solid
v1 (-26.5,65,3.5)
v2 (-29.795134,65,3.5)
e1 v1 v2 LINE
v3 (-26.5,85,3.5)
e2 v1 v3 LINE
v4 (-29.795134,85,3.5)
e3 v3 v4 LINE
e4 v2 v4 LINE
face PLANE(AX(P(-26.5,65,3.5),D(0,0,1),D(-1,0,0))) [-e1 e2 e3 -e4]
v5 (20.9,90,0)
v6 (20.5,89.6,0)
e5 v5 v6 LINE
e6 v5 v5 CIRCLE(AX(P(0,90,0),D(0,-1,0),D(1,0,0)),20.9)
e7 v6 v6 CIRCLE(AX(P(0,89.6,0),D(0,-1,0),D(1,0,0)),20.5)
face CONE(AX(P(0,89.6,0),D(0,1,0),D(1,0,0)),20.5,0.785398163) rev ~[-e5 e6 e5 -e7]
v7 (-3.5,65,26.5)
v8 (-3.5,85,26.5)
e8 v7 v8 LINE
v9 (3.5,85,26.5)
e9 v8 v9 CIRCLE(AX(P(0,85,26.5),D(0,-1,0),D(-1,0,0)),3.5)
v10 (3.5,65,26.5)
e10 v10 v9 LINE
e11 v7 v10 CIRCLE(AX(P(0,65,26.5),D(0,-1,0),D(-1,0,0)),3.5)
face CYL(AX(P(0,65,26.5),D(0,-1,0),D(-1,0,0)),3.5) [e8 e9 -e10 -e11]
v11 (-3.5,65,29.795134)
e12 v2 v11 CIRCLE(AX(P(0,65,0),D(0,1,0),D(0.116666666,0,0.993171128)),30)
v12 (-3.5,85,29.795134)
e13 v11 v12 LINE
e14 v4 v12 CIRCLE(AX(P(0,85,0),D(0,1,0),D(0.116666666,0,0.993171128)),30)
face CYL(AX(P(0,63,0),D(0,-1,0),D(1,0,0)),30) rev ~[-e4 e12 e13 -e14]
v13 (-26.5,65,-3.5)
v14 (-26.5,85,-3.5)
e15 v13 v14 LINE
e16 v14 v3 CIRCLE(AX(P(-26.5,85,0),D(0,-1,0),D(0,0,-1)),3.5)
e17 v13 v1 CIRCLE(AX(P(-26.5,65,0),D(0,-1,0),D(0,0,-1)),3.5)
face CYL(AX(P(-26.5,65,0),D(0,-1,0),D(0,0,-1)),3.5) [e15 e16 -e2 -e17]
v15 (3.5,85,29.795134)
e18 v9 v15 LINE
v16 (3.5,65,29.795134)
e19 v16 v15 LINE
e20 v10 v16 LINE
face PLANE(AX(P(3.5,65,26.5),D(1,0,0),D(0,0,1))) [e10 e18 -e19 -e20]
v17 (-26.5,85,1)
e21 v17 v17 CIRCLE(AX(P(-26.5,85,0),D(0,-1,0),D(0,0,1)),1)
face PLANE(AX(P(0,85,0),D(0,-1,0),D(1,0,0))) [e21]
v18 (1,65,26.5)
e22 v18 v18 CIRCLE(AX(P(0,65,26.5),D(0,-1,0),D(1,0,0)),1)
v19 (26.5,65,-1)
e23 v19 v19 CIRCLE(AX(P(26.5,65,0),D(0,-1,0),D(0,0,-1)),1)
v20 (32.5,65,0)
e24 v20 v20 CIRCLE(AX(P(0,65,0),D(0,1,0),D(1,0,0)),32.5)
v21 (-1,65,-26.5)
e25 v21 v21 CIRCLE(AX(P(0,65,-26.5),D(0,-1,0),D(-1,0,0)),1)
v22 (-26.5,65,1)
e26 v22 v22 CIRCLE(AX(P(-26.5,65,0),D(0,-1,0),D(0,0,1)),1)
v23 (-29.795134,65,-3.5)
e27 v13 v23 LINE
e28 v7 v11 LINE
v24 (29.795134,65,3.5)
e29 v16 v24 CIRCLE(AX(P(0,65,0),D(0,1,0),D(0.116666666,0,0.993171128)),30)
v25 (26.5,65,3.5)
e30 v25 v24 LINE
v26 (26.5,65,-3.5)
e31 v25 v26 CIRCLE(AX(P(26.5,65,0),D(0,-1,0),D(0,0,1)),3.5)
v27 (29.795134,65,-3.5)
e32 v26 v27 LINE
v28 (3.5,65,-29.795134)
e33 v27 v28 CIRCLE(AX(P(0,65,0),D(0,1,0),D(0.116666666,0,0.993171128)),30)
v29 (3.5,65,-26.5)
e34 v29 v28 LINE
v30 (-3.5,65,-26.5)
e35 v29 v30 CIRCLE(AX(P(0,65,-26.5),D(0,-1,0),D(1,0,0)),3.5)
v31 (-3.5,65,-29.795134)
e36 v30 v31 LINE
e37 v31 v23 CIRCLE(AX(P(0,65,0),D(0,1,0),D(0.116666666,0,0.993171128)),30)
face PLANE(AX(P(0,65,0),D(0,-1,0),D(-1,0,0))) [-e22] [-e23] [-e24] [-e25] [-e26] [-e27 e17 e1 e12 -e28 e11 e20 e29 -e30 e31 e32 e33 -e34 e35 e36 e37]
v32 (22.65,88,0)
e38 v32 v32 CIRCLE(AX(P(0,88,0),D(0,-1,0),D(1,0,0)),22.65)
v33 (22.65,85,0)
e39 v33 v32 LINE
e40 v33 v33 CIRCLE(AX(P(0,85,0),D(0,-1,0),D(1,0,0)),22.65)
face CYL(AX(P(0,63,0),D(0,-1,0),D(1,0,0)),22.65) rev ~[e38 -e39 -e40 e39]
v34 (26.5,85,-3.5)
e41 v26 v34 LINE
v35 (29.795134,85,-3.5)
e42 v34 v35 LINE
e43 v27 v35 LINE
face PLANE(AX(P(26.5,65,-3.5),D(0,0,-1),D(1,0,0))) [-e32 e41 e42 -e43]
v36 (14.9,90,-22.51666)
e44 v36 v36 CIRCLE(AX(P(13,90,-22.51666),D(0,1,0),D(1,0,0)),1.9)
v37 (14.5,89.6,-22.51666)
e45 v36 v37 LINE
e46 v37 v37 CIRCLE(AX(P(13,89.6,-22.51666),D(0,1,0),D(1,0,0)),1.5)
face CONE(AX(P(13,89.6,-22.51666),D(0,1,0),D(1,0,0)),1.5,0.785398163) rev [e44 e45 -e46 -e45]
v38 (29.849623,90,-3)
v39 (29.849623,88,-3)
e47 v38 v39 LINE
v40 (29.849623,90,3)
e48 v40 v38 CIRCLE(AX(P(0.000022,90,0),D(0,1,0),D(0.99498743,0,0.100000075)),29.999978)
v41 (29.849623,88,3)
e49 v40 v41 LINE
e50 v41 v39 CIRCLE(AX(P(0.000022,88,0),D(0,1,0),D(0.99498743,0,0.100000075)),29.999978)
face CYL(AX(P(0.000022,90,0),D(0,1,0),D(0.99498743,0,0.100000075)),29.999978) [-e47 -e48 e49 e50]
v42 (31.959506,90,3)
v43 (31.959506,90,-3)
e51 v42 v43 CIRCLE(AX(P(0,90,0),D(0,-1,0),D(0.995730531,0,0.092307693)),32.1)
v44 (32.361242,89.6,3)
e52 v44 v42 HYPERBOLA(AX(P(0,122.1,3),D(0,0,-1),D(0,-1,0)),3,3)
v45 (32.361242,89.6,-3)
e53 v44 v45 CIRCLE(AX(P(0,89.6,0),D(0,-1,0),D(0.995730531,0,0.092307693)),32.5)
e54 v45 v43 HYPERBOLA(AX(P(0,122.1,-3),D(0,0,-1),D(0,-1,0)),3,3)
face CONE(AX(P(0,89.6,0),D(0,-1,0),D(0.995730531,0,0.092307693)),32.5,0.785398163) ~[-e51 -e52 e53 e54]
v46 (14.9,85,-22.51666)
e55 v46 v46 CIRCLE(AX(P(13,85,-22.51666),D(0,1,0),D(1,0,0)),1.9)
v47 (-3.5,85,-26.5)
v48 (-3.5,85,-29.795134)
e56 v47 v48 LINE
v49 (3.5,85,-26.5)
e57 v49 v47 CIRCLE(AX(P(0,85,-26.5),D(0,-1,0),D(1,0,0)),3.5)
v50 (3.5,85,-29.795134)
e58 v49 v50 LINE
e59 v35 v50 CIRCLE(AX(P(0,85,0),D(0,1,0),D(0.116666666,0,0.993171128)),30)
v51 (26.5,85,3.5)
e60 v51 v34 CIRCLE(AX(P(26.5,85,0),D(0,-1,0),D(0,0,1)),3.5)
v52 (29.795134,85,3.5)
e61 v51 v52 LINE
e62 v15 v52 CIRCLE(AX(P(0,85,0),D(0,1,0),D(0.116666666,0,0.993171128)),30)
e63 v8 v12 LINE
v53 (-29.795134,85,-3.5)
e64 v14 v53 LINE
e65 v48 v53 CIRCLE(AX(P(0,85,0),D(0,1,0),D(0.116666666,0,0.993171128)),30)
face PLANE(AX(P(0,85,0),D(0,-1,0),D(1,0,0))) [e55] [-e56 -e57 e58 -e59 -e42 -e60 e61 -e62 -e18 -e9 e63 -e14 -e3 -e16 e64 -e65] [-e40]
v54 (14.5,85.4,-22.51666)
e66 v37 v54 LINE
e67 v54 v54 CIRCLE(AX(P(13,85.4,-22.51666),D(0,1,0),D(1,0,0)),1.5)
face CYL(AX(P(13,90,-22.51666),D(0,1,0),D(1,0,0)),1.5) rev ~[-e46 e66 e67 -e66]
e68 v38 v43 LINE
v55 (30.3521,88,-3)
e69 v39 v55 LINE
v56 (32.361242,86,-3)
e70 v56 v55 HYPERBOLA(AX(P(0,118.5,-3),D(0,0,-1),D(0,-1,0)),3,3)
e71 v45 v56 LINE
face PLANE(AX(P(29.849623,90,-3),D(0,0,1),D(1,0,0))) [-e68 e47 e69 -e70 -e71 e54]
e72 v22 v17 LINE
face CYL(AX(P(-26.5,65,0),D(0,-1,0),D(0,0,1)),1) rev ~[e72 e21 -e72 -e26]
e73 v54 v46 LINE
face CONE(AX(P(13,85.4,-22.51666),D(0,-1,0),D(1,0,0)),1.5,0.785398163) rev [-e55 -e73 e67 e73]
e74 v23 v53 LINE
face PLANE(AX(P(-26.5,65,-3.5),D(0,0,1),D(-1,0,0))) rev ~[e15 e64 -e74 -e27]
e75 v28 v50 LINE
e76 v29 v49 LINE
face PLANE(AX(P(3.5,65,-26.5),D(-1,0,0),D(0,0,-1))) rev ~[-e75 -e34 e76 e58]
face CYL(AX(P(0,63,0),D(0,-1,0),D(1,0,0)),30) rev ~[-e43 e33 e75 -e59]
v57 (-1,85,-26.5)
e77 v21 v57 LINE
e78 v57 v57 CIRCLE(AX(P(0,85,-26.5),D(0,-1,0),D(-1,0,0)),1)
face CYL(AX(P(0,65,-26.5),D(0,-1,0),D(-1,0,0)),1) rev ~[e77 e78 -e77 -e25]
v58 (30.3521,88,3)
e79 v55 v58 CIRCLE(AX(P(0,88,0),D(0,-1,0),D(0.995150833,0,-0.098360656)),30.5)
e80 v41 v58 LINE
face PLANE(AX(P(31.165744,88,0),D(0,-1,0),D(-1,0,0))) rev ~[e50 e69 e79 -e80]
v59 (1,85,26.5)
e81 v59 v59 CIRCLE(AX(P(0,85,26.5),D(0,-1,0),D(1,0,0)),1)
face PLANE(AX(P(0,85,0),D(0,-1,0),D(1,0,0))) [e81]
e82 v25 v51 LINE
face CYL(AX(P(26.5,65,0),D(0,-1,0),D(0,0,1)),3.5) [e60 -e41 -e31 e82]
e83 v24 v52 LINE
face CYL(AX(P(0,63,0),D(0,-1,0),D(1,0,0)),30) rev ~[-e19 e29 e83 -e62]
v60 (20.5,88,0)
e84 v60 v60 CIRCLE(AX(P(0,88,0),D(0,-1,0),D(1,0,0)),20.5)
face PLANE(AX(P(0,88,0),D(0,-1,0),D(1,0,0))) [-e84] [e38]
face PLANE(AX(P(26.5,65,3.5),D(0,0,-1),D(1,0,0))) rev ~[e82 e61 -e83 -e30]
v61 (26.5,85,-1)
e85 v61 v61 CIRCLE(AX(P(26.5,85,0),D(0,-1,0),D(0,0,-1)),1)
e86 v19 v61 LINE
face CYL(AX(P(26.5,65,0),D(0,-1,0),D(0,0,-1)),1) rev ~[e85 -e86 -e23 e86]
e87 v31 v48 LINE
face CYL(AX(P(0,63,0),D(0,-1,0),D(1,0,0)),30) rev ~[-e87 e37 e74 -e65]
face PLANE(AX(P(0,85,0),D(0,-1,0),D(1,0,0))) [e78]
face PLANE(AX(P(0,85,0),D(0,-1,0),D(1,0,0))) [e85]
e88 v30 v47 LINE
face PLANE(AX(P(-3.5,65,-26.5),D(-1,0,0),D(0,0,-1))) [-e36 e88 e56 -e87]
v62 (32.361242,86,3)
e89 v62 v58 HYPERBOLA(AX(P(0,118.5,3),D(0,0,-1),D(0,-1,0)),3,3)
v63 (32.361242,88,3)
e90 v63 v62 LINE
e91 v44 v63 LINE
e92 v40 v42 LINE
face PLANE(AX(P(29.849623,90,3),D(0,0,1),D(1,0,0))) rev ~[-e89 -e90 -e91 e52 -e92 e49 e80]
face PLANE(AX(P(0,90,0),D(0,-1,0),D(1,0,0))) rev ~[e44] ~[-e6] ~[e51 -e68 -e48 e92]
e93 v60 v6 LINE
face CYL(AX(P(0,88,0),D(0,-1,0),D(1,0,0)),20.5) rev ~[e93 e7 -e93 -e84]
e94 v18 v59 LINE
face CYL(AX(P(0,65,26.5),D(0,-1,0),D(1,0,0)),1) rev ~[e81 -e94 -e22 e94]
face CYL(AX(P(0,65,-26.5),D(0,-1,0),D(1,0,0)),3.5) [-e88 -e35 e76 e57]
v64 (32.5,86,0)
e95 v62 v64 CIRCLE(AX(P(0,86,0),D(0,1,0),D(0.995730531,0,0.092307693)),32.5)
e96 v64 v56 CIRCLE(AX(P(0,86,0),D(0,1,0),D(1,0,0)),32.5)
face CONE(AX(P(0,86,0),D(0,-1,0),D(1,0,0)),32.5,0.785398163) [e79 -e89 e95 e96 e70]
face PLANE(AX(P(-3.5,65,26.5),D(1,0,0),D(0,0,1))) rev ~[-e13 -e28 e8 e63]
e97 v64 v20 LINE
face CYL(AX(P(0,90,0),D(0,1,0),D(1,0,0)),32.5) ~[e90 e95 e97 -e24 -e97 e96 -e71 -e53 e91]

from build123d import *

# Parameters (mm, degrees)
SKETCH045_R          = 32.5
PAD010_DEPTH         = 27
SKETCH046_R          = 22.65
POCKET030_DEPTH      = 25
SKETCH047_R          = 30
POCKET031_DEPTH      = 22
SKETCH048_R          = 20.5
POCKET032_DEPTH      = 2.001
POCKET037_DEPTH      = 2
CHAMFER006_SIZE      = 2
CHAMFER006_FACE3_R   = 32.5
CHAMFER006_FACE3_R_2 = 30
POCKET039_DEPTH      = 2
SKETCH063_R          = 1
PAD016_DEPTH         = 20
POLARPATTERN_COUNT   = 4
CHAMFER008_SIZE      = 0.4
SKETCH066_R          = 1.5
POCKET041_DEPTH      = 25.001
CHAMFER010_SIZE      = 0.4


with BuildPart() as part:
    # Sketch045 → Pad010 (new body)
    with BuildSketch(Plane.XZ):
        Circle(SKETCH045_R)
    extrude(amount=PAD010_DEPTH)

    # Sketch046 (on Face3 of Pad010) → Pocket030 (cut)
    with BuildSketch(Plane.XZ.offset(27)):
        Circle(SKETCH046_R)
    extrude(amount=-POCKET030_DEPTH, mode=Mode.SUBTRACT)

    # Sketch047 (on Face3 of Pocket030) → Pocket031 (cut)
    with BuildSketch(Plane.XZ.offset(27)):
        Circle(SKETCH047_R)
    extrude(amount=-POCKET031_DEPTH, mode=Mode.SUBTRACT)

    # Sketch048 (on Face7 of Pocket031) → Pocket032 (cut, through all)
    with BuildSketch(Plane.XZ.offset(2)):
        Circle(SKETCH048_R)
    extrude(amount=-POCKET032_DEPTH, mode=Mode.SUBTRACT)

    # Sketch059 (on Face2 of Pocket032) → Pocket037 (cut)
    with BuildSketch(Plane(origin=(0, 0, 0), x_dir=(1, 0, 0), z_dir=(0, 1, 0))):
        with BuildLine():
            ThreePointArc((29.849623, -3), (30, 0), (29.849623, 3))
            Line((29.849623, 3), (32.361242, 3))
            ThreePointArc((32.361242, -3), (32.5, 0), (32.361242, 3))
            Line((29.849623, -3), (32.361242, -3))
        make_face()
    extrude(amount=-POCKET037_DEPTH, mode=Mode.SUBTRACT)

    # Chamfer006
    chamfer006_edges = [part.edges().sort_by_distance(p)[0] for p in [
        (32.465292, -2, -1.501604),
    ]]
    chamfer(chamfer006_edges, length=CHAMFER006_SIZE)

    # Chamfer006 Face3 → Pocket039 (cut)
    with BuildSketch(Plane(origin=(0, -27, 0), x_dir=(-1, 0, 0), z_dir=(0, -1, 0))):
        Circle(CHAMFER006_FACE3_R)
        Circle(CHAMFER006_FACE3_R_2, mode=Mode.SUBTRACT)
    extrude(amount=-POCKET039_DEPTH, mode=Mode.SUBTRACT)

    # Sketch063 (on Face7 of Pocket039) → Pad016 (join)
    with BuildSketch(Plane.XZ.offset(25)):
        with BuildLine():
            ThreePointArc((3.5, 29.795134), (0, 30), (-3.5, 29.795134))
            Line((-3.5, 26.5), (-3.5, 29.795134))
            ThreePointArc((-3.5, 26.5), (0, 23), (3.5, 26.5))
            Line((3.5, 26.5), (3.5, 29.795134))
        make_face()
        with Locations((0, 26.5)):
            Circle(SKETCH063_R, mode=Mode.SUBTRACT)
    pad016 = extrude(amount=-PAD016_DEPTH)

    # PolarPattern: Pad016 ×4 about axis
    polarpattern_axis = Axis((0, -25, 0), (0, -1, 0))
    for i in range(1, POLARPATTERN_COUNT):
        add(pad016.rotate(polarpattern_axis, i * 360 / POLARPATTERN_COUNT))

    # Chamfer008
    chamfer008_edges = [part.edges().sort_by_distance(p)[0] for p in [
        (-20.5, 0, 0),
        (-32.5, 0, 0),
    ]]
    chamfer(chamfer008_edges, length=CHAMFER008_SIZE)

    # Sketch066 (on Face8 of Chamfer008) → Pocket041 (cut, through all)
    with BuildSketch(Plane(origin=(0, 0, 0), x_dir=(1, 0, 0), z_dir=(0, 1, 0))):
        with Locations((13, 22.51666)):
            Circle(SKETCH066_R)
    extrude(amount=-POCKET041_DEPTH, mode=Mode.SUBTRACT)

    # Chamfer010
    chamfer010_edges = [part.edges().sort_by_distance(p)[0] for p in [
        (11.5, 0, -22.51666),
        (11.5, -5, -22.51666),
    ]]
    chamfer(chamfer010_edges, length=CHAMFER010_SIZE)


with BuildPart() as part_1:
    # Body005 placement: moved
    add(part.part.moved(Location((0, 90, 0))))


solid = part_1.part
